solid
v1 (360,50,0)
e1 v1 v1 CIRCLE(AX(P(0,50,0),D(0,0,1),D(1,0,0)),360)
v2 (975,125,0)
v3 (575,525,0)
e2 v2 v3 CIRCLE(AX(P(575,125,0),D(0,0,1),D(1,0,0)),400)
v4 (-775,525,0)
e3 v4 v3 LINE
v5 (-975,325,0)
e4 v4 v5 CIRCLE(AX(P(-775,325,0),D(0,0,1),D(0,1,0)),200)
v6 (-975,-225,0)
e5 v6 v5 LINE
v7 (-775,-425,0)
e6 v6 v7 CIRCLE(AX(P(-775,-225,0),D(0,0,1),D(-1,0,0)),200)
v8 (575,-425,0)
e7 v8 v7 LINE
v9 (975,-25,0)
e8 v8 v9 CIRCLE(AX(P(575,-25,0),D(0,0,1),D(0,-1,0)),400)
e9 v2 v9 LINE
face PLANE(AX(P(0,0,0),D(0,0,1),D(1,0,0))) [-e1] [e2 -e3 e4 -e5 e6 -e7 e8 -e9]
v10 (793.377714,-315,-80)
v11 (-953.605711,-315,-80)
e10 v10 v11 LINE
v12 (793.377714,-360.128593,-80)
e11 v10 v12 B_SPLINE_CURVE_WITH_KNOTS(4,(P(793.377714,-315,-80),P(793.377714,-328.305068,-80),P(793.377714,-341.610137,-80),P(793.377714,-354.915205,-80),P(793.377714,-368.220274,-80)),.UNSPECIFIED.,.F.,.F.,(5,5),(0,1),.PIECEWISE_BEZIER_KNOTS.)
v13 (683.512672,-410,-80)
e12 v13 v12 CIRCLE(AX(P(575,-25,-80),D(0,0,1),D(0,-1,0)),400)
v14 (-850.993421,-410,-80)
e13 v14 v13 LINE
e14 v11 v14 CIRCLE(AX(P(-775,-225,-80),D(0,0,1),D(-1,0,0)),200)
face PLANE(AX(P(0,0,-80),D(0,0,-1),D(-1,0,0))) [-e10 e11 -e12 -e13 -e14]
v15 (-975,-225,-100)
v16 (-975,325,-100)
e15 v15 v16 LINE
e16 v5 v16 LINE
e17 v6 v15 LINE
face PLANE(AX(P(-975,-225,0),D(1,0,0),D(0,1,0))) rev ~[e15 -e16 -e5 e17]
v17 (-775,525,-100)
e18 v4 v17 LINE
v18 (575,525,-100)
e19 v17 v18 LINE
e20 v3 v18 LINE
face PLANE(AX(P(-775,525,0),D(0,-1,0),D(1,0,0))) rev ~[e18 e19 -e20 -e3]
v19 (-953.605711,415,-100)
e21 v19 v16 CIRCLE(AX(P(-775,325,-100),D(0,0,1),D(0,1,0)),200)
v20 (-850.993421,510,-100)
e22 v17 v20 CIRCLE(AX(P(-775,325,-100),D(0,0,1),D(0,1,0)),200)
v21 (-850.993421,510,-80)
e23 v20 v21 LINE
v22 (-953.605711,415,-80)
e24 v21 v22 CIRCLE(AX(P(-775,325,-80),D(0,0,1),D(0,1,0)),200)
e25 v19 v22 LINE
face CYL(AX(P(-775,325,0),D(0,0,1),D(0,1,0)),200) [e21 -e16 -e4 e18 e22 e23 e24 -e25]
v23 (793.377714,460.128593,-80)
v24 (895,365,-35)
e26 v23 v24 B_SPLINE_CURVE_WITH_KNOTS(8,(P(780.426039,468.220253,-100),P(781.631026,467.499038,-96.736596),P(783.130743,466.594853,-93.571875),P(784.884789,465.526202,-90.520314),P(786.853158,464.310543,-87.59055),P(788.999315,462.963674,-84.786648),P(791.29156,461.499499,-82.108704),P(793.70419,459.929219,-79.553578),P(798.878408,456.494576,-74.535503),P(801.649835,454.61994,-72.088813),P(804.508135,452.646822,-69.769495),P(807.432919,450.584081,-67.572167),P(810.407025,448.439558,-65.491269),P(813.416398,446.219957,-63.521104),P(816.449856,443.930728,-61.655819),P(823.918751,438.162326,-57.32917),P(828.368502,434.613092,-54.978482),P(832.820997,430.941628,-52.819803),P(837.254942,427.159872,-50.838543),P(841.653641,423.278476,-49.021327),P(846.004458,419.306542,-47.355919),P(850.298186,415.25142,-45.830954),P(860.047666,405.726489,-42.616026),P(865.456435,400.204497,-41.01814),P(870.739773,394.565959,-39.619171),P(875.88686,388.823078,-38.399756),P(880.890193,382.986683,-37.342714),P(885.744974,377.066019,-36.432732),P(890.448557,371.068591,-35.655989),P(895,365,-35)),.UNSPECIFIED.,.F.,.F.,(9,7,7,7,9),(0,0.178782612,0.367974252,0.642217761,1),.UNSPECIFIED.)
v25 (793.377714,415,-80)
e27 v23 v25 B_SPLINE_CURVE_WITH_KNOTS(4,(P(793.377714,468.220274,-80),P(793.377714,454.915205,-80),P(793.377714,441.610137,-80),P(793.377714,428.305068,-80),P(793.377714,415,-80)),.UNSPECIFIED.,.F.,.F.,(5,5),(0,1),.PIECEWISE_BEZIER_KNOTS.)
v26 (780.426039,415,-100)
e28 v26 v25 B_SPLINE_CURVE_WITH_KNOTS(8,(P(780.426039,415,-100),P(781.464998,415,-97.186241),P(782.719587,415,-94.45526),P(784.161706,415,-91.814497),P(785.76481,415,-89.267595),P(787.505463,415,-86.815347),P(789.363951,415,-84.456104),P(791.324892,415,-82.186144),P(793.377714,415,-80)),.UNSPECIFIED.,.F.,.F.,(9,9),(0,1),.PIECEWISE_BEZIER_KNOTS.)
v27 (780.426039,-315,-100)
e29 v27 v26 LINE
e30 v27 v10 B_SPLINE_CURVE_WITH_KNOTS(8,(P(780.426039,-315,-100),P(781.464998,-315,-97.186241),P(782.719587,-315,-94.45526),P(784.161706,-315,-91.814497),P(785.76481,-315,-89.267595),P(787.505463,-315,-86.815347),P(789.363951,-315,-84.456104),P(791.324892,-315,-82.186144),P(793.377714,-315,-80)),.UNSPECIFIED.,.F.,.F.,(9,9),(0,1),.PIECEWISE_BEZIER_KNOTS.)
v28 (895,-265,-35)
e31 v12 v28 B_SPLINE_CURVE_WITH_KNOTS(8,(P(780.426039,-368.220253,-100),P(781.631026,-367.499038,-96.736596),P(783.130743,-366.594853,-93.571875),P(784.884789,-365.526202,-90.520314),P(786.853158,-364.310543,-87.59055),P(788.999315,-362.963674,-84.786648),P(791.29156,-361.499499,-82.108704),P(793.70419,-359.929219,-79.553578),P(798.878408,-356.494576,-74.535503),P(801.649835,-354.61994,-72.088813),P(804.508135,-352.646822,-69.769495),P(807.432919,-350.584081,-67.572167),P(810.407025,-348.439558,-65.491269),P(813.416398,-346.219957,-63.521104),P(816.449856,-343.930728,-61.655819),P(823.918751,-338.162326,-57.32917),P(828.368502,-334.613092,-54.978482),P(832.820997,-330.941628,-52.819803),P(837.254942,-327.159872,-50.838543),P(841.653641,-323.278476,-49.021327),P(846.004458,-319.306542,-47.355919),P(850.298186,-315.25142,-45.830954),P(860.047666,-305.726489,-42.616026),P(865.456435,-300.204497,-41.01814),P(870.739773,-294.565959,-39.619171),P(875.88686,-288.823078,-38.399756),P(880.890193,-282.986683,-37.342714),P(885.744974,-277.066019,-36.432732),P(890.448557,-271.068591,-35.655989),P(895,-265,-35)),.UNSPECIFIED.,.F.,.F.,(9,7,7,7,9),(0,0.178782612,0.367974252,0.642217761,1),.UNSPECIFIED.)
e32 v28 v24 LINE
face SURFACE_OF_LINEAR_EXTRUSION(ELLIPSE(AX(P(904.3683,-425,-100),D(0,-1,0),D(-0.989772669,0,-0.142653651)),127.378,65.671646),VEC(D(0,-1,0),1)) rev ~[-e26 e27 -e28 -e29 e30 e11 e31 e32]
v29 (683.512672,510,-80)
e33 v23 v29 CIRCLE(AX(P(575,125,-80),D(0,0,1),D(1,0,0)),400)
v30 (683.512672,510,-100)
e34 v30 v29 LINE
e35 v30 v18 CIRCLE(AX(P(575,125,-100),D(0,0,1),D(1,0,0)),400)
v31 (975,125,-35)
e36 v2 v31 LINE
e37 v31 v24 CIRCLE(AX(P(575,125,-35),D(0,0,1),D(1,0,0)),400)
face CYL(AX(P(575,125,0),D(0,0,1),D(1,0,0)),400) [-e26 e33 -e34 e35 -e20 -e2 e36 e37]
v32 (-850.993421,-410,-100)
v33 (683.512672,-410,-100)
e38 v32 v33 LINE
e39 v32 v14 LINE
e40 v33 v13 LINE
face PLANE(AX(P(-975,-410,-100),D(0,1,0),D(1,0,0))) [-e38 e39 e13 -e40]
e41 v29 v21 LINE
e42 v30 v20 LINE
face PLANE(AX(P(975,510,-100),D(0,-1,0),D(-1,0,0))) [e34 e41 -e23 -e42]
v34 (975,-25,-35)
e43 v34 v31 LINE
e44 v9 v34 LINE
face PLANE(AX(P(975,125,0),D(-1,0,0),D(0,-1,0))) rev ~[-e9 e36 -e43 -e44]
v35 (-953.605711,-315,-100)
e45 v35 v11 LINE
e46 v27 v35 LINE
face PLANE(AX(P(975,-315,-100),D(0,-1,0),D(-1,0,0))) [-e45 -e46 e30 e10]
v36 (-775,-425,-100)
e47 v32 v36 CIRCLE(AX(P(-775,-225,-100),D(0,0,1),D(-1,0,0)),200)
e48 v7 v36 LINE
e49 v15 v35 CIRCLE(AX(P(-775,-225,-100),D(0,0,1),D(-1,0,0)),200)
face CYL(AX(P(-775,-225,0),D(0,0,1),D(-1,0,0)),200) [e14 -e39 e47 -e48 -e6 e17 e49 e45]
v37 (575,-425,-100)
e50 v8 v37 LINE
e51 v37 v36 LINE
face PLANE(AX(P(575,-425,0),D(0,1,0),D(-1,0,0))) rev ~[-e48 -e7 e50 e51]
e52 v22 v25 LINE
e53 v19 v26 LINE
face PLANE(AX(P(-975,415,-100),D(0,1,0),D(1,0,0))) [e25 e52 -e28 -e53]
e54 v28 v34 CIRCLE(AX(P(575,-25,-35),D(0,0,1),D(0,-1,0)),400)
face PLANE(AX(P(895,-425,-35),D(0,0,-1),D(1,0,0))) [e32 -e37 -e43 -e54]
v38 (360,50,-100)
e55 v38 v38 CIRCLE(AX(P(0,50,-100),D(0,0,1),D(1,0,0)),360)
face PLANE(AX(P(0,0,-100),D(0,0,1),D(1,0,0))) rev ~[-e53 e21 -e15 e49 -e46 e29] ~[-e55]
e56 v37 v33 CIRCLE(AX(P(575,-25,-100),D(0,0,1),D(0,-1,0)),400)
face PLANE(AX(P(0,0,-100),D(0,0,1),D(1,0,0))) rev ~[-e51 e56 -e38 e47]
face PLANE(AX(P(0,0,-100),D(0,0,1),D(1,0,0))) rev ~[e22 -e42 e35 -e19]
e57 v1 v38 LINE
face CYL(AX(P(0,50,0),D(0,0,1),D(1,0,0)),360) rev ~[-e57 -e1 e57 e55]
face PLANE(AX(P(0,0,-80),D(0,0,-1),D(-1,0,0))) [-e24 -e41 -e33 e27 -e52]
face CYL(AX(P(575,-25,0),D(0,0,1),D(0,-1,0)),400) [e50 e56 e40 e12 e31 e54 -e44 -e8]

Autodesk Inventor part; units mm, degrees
ref_plane "YZ Plane" through (0, 0, 0) normal (1, 0, 0) x (0, 1, 0)
ref_plane "XZ Plane" through (0, 0, 0) normal (0, 1, 0) x (-1, 0, 0)
ref_plane "XY Plane" through (0, 0, 0) normal (0, 0, 1) x (1, 0, 0)
sketch "Skizze2" plane through (0, 0, 0) normal (0, 0, 1) x (1, 0, 0)
  line L0 (-775, 525) -> (575, 525)
  line L1 (975, 125) -> (975, -25)
  line L2 (575, -425) -> (-775, -425)
  line L3 (-975, -225) -> (-975, 325)
  arc A0 (975, 125) -> (575, 525) centre (575, 125) ccw
  arc A1 (575, -425) -> (975, -25) centre (575, -25) ccw
  arc A2 (-775, 525) -> (-975, 325) centre (-775, 325) ccw
  arc A3 (-975, -225) -> (-775, -425) centre (-775, -225) ccw
  circle A4 centre (0, 50) radius 360
  point P0 (0, 0)
  point P1 (975, -425)
  point P2 (975, 525)
  point P3 (-975, -425)
  dimension "d0" = 950
  dimension "d1" = 1950
  dimension "d2" = 400
  dimension "d3" = 200
  dimension "d4" = 720
  dimension "d5" = 975
  dimension "d6" = 475
extrude "Extrusion1" add sketch "Skizze2" against normal blind 100
sketch "Skizze3" plane through (-775, -425, 0) normal (0, -1, 0) x (1, 0, 0)
  line L0 (1750, 0) -> (1350, 0) projected
  line L1 (1350, -100) -> (1750, -100) projected
  line L2 (1350, 0) -> (1750, 0)
  line L3 (1750, 0) -> (1750, -100)
  line L4 (1750, -100) -> (1350, -100)
  line L5 (1350, -100) -> (1350, 0)
  line L6 (1750, -100) -> (1679.3683, -100)
  line L7 (1670, -35) -> (1750, -35)
  line L8 (1750, -35) -> (1750, -100)
  ellipse E0 centre (1679.3683, -100) end of major axis (1670, -35) minor radius 127.378 (1670, -35) -> (1555.4261, -100) ccw
  point P0 (775, 0)
  dimension "d11" = 65
  dimension "d12" = 80
extrude "Extrusion2" cut sketch "Skizze3" against normal through all contours L3 L1 E0 L7
sketch "Skizze4" plane through (0, 0, -100) normal (0, 0, -1) x (-1, 0, 0)
  line L0 (975, -410) -> (-975, -410)
  line L1 (-975, -410) -> (-975, -315)
  line L2 (-975, -315) -> (975, -315)
  line L3 (975, -315) -> (975, -410)
  line L4 (975, -225) -> (975, 325) projected
  line L5 (-975, -25) -> (-975, 125) projected
  line L6 (-575, -425) -> (775, -425) projected
  line L7 (975, 415) -> (-975, 415)
  line L8 (-975, 415) -> (-975, 510)
  line L9 (-975, 510) -> (975, 510)
  line L10 (975, 510) -> (975, 415)
  line L11 (775, 525) -> (-575, 525) projected
  point P0 (0, 0)
  dimension "d15" = 95
  dimension "d16" = 0
  dimension "d17" = 0
  dimension "d19" = 15
  dimension "d20" = 95
  dimension "d21" = 0
  dimension "d22" = 0
  dimension "d23" = 15
extrude "Extrusion3" cut sketch "Skizze4" against normal blind 20
sketch "Skizze5" plane through (0, 0, -80) normal (0, 0, -1) x (-1, 0, 0)
  line L0 (953.6057, 415) -> (-793.3777, 415) projected
  line L1 (953.6057, 415) -> (-793.3777, 415)
  line L2 (-793.3777, 415) -> (-793.3777, 460.1286) projected
  line L3 (-793.3777, 415) -> (-793.3777, 460.1286)
  line L4 (-683.5127, 510) -> (850.9934, 510) projected
  line L5 (850.9934, 510) -> (-683.5127, 510)
  arc A0 (-683.5127, 510) -> (-793.3777, 460.1286) centre (-575, 125) ccw
  arc A1 (953.6057, 415) -> (850.9934, 510) centre (775, 325) ccw
  point P0 (0, 0)
sketch "Skizze6" plane through (-953.6057, 415, -100) normal (0, 1, 0) x (1, 0, 0)
  ellipse E0 centre (1857.974, 0) end of major axis (1731.8988, 18.1709) minor radius 65.6716 (1734.0318, 0) -> (1746.9834, -20) ccw projected
  arc A0 (1734.0318, 0) -> (1746.9834, -20) centre (1792.2814, 23.5278) ccw
  line L0 (1734.0318, 0) -> (1856.261, 0)
  line L1 (1856.261, 0) -> (1856.261, -20)
  line L2 (1856.261, -20) -> (1746.9834, -20)
  point P0 (953.6057, -100)
properties part number "XPS" material "Polystyrol"
